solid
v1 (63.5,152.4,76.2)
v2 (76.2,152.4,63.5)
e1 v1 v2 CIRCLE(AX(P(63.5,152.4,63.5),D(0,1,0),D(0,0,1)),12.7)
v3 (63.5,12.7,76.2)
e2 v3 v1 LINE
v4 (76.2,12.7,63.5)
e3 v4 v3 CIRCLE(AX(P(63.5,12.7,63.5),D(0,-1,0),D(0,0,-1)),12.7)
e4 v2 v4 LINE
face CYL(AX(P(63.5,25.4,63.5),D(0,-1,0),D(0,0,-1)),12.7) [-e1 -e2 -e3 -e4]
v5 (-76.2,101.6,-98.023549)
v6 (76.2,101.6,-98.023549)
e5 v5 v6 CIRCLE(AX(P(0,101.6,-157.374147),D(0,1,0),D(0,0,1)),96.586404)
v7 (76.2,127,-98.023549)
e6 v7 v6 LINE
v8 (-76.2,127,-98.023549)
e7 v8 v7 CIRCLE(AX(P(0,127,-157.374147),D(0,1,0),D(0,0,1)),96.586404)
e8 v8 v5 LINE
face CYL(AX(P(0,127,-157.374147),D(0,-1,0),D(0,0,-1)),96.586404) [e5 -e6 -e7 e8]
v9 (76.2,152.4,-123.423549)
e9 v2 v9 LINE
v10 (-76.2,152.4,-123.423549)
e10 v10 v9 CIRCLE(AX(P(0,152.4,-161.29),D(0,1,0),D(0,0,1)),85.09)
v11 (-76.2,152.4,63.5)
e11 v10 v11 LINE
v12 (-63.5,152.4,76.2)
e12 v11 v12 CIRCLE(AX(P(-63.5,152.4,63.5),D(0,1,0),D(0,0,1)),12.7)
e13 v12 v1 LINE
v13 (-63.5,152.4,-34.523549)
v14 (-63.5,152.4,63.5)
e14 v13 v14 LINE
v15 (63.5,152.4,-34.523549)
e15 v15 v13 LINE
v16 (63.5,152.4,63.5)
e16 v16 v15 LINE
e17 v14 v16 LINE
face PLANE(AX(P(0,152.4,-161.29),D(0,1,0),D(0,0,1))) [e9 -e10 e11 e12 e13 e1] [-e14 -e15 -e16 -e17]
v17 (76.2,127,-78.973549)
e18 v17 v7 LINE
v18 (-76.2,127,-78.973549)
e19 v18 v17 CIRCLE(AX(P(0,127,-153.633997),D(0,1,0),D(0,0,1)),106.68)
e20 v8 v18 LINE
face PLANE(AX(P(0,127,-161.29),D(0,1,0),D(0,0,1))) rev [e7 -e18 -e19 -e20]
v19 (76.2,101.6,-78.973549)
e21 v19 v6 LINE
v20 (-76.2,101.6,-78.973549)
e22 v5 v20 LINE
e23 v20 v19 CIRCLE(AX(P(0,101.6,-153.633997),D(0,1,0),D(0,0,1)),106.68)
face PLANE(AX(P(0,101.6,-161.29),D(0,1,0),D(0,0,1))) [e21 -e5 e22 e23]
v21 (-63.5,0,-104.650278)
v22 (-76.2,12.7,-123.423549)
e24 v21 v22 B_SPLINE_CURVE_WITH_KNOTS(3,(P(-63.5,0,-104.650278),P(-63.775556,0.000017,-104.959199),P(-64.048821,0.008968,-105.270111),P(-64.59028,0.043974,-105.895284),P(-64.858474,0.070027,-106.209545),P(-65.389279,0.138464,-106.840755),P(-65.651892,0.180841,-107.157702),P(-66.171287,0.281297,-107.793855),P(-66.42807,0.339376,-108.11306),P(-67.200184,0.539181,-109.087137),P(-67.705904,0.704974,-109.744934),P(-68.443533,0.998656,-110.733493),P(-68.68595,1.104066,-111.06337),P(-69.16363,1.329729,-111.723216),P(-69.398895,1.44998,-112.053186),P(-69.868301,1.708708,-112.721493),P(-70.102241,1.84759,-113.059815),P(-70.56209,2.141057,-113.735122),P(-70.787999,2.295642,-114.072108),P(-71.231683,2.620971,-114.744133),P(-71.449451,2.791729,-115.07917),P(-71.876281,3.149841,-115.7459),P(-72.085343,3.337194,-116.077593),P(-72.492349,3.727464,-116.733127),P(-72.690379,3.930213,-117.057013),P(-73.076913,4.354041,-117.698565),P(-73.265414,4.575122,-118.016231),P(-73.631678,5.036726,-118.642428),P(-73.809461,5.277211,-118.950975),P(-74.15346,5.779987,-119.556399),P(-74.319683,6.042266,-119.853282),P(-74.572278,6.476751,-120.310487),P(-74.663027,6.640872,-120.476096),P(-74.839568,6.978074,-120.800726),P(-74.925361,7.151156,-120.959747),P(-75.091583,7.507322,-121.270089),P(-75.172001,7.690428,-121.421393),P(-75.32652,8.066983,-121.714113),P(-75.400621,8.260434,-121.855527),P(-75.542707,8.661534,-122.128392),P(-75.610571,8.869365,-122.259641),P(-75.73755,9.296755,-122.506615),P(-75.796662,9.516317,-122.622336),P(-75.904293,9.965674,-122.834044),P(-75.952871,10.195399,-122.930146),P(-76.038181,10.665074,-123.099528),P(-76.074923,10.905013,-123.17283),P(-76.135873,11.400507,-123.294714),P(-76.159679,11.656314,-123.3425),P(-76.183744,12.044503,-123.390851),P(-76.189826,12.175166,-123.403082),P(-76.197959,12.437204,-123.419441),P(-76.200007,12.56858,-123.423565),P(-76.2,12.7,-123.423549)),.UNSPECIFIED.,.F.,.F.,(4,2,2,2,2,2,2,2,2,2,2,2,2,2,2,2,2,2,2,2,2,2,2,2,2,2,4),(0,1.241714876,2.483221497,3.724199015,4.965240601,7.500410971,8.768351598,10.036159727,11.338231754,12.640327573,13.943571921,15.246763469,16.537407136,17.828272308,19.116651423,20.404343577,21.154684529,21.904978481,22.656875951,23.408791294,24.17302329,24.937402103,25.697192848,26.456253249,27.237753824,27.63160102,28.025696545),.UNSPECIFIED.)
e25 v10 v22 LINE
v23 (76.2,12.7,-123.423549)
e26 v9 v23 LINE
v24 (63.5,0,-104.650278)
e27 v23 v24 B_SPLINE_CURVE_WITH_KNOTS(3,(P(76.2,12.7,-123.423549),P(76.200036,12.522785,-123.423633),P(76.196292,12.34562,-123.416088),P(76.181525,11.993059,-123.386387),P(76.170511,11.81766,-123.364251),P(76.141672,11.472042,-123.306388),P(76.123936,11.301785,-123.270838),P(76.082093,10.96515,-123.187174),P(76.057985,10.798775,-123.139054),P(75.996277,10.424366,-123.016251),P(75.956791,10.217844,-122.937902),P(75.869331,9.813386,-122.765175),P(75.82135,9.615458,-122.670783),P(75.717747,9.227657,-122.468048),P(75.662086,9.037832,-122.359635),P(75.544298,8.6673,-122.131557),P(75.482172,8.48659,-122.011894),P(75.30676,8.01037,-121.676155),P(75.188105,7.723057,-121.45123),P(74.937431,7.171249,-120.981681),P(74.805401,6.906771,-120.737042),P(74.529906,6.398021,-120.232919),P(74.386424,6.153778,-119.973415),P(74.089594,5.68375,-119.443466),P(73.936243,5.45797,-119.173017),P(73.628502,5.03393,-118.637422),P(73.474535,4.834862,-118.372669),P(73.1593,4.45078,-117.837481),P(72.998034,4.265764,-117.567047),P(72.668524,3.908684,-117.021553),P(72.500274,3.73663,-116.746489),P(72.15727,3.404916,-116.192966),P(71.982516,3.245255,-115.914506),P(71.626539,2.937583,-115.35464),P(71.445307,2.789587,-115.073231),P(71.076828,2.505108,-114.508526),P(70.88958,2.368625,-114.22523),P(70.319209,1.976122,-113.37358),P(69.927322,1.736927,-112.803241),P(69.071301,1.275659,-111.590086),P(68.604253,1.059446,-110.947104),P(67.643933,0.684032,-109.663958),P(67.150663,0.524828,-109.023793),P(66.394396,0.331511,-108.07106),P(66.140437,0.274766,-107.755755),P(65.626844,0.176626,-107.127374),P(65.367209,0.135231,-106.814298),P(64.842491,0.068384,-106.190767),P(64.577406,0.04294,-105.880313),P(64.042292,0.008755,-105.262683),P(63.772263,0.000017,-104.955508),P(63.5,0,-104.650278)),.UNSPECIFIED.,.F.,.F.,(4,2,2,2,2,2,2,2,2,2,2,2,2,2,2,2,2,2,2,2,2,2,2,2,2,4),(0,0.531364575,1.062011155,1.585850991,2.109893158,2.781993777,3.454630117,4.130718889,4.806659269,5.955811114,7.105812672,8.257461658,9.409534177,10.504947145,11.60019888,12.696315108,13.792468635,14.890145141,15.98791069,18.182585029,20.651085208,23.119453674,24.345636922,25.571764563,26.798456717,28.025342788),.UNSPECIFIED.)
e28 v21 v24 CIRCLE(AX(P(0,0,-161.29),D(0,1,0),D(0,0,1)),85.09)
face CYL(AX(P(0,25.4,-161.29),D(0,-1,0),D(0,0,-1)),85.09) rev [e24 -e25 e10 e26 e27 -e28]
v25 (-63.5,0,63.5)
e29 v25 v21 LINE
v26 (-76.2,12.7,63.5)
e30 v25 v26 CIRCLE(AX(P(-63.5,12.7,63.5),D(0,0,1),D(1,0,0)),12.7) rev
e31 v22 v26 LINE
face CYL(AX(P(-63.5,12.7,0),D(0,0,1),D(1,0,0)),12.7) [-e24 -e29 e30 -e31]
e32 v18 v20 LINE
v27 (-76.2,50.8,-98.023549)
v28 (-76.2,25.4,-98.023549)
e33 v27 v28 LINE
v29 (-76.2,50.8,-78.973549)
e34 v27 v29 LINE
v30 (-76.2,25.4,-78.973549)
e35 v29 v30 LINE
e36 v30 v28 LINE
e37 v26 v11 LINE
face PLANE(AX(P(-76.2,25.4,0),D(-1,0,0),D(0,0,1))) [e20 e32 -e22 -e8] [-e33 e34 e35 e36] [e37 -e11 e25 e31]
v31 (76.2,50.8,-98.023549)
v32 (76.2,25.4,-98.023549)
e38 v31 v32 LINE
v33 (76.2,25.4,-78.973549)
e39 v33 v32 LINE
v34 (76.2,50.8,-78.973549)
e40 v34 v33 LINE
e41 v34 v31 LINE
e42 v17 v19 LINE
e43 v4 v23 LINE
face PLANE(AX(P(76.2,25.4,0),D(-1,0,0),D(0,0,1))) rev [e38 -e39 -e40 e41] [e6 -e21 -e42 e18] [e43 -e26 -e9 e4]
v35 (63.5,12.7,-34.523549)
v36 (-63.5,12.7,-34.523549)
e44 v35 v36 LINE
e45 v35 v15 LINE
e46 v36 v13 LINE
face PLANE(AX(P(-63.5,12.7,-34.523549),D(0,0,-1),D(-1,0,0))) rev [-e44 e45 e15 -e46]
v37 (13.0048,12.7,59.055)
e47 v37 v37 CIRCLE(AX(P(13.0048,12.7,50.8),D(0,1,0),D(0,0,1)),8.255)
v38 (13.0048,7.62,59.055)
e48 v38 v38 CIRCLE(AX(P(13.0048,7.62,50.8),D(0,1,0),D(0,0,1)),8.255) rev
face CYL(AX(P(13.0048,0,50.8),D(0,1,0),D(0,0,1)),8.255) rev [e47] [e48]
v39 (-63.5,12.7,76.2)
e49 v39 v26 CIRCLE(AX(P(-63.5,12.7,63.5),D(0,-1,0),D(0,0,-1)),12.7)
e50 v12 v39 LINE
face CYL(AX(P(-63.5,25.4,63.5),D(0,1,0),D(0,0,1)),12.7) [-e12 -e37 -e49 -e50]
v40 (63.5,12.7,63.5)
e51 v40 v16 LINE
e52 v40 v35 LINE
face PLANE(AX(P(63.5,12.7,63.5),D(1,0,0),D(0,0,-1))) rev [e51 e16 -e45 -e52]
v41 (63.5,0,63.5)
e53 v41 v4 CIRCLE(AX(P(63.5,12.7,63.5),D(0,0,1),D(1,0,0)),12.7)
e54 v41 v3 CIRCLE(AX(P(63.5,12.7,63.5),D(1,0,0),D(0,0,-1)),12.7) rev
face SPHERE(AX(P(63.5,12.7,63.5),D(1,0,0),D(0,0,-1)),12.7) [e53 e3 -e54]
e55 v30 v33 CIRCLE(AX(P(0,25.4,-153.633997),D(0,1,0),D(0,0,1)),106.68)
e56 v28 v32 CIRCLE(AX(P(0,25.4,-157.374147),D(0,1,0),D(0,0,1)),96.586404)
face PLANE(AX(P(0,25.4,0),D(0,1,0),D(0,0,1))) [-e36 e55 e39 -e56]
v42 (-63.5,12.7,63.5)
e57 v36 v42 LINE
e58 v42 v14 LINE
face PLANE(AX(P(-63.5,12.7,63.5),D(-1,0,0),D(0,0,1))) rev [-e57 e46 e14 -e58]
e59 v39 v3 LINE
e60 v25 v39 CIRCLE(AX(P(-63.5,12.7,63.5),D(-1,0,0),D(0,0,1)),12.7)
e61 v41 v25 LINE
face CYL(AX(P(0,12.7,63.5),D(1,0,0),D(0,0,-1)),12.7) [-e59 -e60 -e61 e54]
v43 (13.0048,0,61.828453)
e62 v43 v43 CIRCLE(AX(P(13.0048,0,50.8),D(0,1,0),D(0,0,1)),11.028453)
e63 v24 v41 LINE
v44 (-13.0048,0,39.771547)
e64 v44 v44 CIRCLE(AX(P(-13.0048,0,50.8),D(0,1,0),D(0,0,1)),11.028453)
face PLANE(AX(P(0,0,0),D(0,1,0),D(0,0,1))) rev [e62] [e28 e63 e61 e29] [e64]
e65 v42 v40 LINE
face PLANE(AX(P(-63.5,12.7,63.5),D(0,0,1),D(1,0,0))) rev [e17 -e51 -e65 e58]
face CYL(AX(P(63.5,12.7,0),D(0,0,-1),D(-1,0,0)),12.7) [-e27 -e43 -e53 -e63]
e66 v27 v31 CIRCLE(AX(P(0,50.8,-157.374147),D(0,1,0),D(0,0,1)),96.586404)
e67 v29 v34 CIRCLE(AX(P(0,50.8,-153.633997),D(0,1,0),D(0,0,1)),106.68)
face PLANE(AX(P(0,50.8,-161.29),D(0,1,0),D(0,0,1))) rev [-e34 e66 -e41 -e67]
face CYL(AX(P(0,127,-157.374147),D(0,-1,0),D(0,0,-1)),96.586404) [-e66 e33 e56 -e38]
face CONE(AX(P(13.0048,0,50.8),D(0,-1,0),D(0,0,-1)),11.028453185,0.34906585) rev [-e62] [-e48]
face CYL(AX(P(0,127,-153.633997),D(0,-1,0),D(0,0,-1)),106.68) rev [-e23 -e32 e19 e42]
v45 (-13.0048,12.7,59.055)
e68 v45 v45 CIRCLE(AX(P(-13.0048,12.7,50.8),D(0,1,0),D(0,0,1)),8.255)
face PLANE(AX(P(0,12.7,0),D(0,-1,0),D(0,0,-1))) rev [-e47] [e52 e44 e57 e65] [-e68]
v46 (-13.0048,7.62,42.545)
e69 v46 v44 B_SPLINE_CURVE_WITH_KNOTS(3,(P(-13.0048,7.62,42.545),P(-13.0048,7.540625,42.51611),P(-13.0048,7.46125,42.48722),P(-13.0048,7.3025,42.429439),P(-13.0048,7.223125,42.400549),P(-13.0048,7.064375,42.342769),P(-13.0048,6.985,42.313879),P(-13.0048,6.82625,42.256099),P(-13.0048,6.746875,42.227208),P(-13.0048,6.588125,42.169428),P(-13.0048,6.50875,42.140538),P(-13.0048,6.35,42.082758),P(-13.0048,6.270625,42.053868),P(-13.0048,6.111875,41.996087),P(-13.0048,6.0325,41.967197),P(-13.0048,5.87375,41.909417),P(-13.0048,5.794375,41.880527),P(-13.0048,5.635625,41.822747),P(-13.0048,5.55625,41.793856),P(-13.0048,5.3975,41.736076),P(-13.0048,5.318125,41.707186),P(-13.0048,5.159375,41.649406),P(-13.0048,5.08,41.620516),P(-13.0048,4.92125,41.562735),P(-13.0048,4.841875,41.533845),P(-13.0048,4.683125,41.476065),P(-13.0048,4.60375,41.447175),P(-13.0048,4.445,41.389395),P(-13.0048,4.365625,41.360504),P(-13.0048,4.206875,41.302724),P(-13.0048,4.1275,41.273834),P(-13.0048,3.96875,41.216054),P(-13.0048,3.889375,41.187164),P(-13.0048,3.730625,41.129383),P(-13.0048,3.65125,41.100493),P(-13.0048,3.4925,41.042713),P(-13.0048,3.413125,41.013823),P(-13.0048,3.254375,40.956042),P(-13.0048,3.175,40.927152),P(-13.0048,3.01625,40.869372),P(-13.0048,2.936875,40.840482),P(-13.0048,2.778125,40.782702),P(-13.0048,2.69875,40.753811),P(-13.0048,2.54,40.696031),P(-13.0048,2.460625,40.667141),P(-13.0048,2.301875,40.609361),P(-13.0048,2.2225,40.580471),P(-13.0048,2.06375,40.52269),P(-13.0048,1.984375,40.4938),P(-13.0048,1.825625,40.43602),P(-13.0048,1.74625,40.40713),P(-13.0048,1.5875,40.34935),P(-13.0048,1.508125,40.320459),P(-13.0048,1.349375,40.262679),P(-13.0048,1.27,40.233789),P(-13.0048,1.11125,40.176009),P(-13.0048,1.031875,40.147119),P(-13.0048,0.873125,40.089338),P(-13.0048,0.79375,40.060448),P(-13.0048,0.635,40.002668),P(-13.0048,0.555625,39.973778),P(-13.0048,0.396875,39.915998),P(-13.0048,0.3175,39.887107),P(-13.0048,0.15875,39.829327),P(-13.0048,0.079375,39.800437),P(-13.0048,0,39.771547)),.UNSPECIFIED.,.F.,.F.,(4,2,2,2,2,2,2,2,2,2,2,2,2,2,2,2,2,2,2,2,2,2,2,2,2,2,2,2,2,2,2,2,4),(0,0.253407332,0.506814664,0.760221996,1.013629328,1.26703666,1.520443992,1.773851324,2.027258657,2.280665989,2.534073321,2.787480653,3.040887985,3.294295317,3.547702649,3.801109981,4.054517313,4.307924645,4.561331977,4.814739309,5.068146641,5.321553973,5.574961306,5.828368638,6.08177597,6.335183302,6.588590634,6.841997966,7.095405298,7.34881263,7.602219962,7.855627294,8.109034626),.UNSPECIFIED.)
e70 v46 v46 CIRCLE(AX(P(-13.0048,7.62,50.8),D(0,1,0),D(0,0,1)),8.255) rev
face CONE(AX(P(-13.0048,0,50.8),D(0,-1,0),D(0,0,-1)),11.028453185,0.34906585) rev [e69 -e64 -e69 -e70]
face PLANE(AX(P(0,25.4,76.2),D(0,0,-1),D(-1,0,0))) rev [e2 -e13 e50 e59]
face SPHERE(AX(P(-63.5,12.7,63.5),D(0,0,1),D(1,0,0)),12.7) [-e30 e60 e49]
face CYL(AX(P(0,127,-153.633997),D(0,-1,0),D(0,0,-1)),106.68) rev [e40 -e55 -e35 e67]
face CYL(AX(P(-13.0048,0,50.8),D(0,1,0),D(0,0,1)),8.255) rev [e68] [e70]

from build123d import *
from OCP.BRepFilletAPI import BRepFilletAPI_MakeChamfer

# Parameters (mm, degrees)
SKETCH2_W           = 152.4
SKETCH2_H           = 152.4
BOSS_EXTRUDE1_DEPTH = 25.4
BOSS_EXTRUDE2_DEPTH = 101.6
BOSS_EXTRUDE5_START = 50.8
BOSS_EXTRUDE5_DEPTH = 50.8
BOSS_EXTRUDE6_DEPTH = 25.4
SKETCH6_W           = 127
SKETCH6_H           = 98.02354915
CUT_EXTRUDE1_DEPTH  = 139.7
SKETCH7_R           = 8.255
CUT_EXTRUDE2_DEPTH  = 12.7
CHAMFER1_SIZE       = 7.62
CHAMFER1_SIZE2      = 2.773453185
FILLET1_R           = 12.7


with BuildPart() as part:
    # Sketch2 → Boss-Extrude1 (new body)
    with BuildSketch(Plane(origin=(0, 0, 0), x_dir=(1, 0, 0), z_dir=(0, 1, 0))):
        with BuildLine():
            Line((0, 76.2), (76.2, 76.2))
            Line((76.2, 76.2), (76.2, 123.42354915))
            ThreePointArc((76.2, 123.42354915), (44.823274072, 88.963087986), (0, 76.2))
        make_face()
        with BuildLine():
            Line((-76.2, 123.42354915), (-76.2, 76.2))
            Line((-76.2, 76.2), (0, 76.2))
            ThreePointArc((0, 76.2), (-44.823274072, 88.963087986), (-76.2, 123.42354915))
        make_face()
        Rectangle(SKETCH2_W, SKETCH2_H)
    extrude(amount=BOSS_EXTRUDE1_DEPTH)

    # Sketch3 → Boss-Extrude2 (add)
    with BuildSketch(Plane(origin=(0, 25.4, 0), x_dir=(1, 0, 0), z_dir=(0, 1, 0))):
        with BuildLine():
            ThreePointArc((76.2, 123.42354915), (0, 76.2), (-76.2, 123.42354915))
            Line((-76.2, 123.42354915), (-76.2, 98.02354915))
            ThreePointArc((-76.2, 98.02354915), (0, 60.787742764), (76.2, 98.02354915))
            Line((76.2, 98.02354915), (76.2, 123.42354915))
        make_face()
        with BuildLine():
            ThreePointArc((76.2, 78.97354915), (0, 46.95399651), (-76.2, 78.97354915))
            Line((-76.2, 78.97354915), (-76.2, -76.2))
            Line((-76.2, -76.2), (76.2, -76.2))
            Line((76.2, -76.2), (76.2, 78.97354915))
        make_face()
    extrude(amount=BOSS_EXTRUDE2_DEPTH)

    # Sketch5 → Boss-Extrude5 (add)
    with BuildSketch(Plane(origin=(0, 0, 0), x_dir=(1, 0, 0), z_dir=(0, 1, 0)).offset(BOSS_EXTRUDE5_START)):
        with BuildLine():
            Line((-76.2, 123.42354915), (-76.2, -76.2))
            Line((-76.2, -76.2), (76.2, -76.2))
            Line((76.2, -76.2), (76.2, 123.42354915))
            ThreePointArc((76.2, 123.42354915), (0, 76.2), (-76.2, 123.42354915))
        make_face()
    extrude(amount=BOSS_EXTRUDE5_DEPTH)

    # Sketch4 → Boss-Extrude6 (add)
    with BuildSketch(Plane(origin=(0, 127, 0), x_dir=(1, 0, 0), z_dir=(0, 1, 0))):
        with BuildLine():
            Line((-76.2, 123.42354915), (-76.2, -76.2))
            Line((-76.2, -76.2), (76.2, -76.2))
            Line((76.2, -76.2), (76.2, 123.42354915))
            ThreePointArc((76.2, 123.42354915), (0, 76.2), (-76.2, 123.42354915))
        make_face()
    extrude(amount=BOSS_EXTRUDE6_DEPTH)

    # Sketch6 → Cut-Extrude1 (cut)
    with BuildSketch(Plane(origin=(0, 152.4, 0), x_dir=(1, 0, 0), z_dir=(0, 1, 0))):
        with Locations((0, -14.488225425)):
            Rectangle(SKETCH6_W, SKETCH6_H)
    extrude(amount=-CUT_EXTRUDE1_DEPTH, mode=Mode.SUBTRACT)

    # Sketch7 → Cut-Extrude2 (cut)
    with BuildSketch(Plane(origin=(0, 12.7, 0), x_dir=(1, 0, 0), z_dir=(0, 1, 0))):
        with Locations(Location((-13.0048, -50.8, 0), (0, 0, 270))):
            Circle(SKETCH7_R)
        with Locations(Location((13.0048, -50.8, 0), (0, 0, 270))):
            Circle(SKETCH7_R)
    extrude(amount=-CUT_EXTRUDE2_DEPTH, mode=Mode.SUBTRACT)

    # Chamfer1: one chamfer whose edges measure the first distance from different faces: ONE call of the kernel's chamfer builder (chamfer() names one face for all edges)
    chamfer1_edges_1 = [part.edges().sort_by_distance(p)[0] for p in [
        (-13.0048, 0, 42.545),
    ]]
    chamfer1_side_1 = [part.faces().sort_by_distance(p)[0] for p in [
        (-13.0048, 6.35, 42.545),
    ]]
    chamfer1_edges_2 = [part.edges().sort_by_distance(p)[0] for p in [
        (13.0048, 0, 42.545),
    ]]
    chamfer1_side_2 = [part.faces().sort_by_distance(p)[0] for p in [
        (13.0048, 6.35, 42.545),
    ]]
    chamfer1 = BRepFilletAPI_MakeChamfer(part.part.solid().wrapped)
    for e in chamfer1_edges_1:
        chamfer1.Add(CHAMFER1_SIZE, CHAMFER1_SIZE2, e.wrapped, chamfer1_side_1[0].wrapped)  # the first distance lies on this face
    for e in chamfer1_edges_2:
        chamfer1.Add(CHAMFER1_SIZE, CHAMFER1_SIZE2, e.wrapped, chamfer1_side_2[0].wrapped)  # the first distance lies on this face
    add(Compound.cast(chamfer1.Shape()), mode=Mode.REPLACE)

    # Fillet1
    fillet1_edges = [part.edges().sort_by_distance(p)[0] for p in [
        (76.2, 76.2, 76.2),
        (-76.2, 76.2, 76.2),
        (76.2, 0, -23.611774575),
        (0, 0, 76.2),
        (-76.2, 0, -23.611774575),
    ]]
    fillet(fillet1_edges, radius=FILLET1_R)


solid = part.part
